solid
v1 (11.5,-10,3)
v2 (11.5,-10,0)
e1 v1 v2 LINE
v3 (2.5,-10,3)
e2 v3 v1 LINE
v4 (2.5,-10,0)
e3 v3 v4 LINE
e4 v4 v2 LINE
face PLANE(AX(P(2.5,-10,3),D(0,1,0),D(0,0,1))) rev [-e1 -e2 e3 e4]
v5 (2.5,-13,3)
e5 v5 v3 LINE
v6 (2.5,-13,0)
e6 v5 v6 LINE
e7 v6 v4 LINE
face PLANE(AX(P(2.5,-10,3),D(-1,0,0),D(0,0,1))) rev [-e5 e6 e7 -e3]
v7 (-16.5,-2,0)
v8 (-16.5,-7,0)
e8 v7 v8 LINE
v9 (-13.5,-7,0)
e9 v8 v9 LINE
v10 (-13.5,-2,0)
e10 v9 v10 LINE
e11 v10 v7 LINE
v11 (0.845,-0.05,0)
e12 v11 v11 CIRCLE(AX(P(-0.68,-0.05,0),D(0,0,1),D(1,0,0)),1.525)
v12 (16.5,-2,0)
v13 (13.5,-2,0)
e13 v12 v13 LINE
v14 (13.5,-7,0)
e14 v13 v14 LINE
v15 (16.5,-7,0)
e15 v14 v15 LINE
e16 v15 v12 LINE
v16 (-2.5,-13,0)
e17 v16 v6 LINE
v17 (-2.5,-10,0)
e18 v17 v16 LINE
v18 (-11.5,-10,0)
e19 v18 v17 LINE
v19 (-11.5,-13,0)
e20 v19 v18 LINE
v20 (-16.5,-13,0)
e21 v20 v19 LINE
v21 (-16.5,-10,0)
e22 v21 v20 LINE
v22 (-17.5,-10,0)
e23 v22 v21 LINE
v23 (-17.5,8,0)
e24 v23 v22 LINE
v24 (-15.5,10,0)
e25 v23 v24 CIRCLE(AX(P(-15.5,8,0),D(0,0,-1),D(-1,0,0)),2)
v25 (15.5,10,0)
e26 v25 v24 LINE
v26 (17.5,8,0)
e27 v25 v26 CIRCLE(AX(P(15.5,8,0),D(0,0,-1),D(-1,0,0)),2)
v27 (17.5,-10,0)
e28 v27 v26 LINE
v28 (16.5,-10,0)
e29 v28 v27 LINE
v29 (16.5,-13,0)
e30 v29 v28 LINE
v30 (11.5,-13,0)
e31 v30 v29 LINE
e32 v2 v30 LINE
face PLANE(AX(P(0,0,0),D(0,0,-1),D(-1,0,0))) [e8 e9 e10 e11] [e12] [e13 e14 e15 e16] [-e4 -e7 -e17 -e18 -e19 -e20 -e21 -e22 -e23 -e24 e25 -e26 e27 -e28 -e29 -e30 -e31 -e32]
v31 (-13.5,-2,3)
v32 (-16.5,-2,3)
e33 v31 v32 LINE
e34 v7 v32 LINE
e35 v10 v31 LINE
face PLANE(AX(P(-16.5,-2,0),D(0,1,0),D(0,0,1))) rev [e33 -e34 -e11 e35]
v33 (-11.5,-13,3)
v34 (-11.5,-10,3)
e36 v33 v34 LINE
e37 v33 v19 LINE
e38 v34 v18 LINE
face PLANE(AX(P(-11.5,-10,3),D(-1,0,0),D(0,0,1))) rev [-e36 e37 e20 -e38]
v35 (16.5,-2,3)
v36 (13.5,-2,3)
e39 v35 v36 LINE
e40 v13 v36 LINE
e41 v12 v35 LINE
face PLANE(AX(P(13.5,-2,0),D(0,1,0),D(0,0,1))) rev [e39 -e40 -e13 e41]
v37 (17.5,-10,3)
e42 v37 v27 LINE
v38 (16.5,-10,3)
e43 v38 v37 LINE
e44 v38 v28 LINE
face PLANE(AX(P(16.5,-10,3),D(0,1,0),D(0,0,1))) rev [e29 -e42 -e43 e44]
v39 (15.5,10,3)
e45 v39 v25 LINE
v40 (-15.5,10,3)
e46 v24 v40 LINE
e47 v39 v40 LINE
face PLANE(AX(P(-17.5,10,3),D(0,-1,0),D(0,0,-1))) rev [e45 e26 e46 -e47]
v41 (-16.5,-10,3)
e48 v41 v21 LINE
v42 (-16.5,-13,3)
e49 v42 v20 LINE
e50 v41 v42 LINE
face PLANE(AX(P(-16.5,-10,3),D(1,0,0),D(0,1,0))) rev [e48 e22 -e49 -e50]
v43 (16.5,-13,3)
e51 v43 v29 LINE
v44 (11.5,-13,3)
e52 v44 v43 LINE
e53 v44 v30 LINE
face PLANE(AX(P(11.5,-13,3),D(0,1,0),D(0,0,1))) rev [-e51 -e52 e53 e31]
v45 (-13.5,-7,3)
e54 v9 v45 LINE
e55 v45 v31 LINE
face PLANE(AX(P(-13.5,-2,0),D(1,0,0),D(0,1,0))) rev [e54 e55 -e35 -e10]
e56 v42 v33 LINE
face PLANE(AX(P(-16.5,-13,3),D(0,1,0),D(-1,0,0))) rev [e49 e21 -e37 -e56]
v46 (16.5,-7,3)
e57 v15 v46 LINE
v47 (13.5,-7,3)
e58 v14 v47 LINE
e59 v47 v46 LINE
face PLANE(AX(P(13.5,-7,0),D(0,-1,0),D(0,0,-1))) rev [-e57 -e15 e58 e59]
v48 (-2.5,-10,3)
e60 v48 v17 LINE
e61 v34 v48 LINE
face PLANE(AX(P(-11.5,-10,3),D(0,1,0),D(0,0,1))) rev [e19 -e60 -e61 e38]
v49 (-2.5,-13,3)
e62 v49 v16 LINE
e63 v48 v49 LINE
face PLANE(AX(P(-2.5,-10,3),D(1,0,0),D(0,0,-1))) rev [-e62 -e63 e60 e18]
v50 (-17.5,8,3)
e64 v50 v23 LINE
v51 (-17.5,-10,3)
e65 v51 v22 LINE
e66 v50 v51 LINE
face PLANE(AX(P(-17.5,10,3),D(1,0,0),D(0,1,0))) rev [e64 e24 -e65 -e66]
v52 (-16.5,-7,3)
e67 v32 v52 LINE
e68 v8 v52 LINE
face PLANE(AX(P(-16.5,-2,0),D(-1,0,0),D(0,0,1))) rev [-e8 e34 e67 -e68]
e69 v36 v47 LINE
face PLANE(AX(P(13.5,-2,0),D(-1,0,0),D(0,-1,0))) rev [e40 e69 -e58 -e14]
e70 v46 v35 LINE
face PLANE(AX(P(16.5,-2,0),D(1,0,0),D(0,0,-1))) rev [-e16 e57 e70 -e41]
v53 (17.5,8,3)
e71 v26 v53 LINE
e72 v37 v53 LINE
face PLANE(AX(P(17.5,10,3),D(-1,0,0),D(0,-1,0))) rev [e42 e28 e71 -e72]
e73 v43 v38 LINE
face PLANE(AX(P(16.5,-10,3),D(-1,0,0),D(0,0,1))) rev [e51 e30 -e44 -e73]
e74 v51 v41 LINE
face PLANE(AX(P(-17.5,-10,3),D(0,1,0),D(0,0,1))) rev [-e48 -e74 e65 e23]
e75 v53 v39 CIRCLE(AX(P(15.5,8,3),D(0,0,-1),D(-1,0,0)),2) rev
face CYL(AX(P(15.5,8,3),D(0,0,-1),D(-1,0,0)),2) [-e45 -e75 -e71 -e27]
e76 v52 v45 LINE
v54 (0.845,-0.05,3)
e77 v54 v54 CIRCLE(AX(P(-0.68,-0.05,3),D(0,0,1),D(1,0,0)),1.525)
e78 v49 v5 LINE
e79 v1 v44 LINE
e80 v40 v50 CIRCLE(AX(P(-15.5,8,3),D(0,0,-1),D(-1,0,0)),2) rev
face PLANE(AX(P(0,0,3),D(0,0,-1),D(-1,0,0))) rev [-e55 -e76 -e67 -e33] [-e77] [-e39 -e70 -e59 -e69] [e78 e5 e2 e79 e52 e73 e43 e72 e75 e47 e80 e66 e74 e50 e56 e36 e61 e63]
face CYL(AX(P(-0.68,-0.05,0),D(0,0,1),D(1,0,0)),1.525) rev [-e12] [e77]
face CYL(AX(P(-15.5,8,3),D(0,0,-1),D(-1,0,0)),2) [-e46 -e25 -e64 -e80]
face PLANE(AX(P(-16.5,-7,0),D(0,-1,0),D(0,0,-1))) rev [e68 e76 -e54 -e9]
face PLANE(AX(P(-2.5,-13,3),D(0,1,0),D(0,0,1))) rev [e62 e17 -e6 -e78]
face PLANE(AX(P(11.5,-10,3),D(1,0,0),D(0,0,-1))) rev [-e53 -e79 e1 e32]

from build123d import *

# Parameters (mm, degrees)
BOSS_EXTRUDE1_DEPTH = 3
FILLET1_R           = 2
SKETCH4_R           = 1.525
SKETCH4_W           = 3
SKETCH4_H           = 5
CUT_EXTRUDE1_DEPTH  = 23.005681085


with BuildPart() as part:
    # Sketch1 → Boss-Extrude1 (new body)
    with BuildSketch(Plane.XY):
        Polygon((-11.5, -10), (-2.5, -10), (-2.5, -13), (2.5, -13), (2.5, -10), (11.5, -10), (11.5, -13), (16.5, -13), (16.5, -10), (17.5, -10), (17.5, 10), (-17.5, 10), (-17.5, -10), (-16.5, -10), (-16.5, -13), (-11.5, -13), align=None)
    extrude(amount=BOSS_EXTRUDE1_DEPTH)

    # Fillet1
    fillet1_edges = [part.edges().sort_by_distance(p)[0] for p in [
        (-17.5, 10, 1.5),
        (17.5, 10, 1.5),
    ]]
    fillet(fillet1_edges, radius=FILLET1_R)

    # Sketch4 → Cut-Extrude1 (cut, through all)
    with BuildSketch(Plane.XY.offset(3)):
        with Locations((-0.68, -0.05)):
            Circle(SKETCH4_R)
        with Locations((-15, -4.5)):
            Rectangle(SKETCH4_W, SKETCH4_H)
        with Locations((15, -4.5)):
            Rectangle(SKETCH4_W, SKETCH4_H)
    extrude(amount=-CUT_EXTRUDE1_DEPTH, mode=Mode.SUBTRACT)


solid = part.part
